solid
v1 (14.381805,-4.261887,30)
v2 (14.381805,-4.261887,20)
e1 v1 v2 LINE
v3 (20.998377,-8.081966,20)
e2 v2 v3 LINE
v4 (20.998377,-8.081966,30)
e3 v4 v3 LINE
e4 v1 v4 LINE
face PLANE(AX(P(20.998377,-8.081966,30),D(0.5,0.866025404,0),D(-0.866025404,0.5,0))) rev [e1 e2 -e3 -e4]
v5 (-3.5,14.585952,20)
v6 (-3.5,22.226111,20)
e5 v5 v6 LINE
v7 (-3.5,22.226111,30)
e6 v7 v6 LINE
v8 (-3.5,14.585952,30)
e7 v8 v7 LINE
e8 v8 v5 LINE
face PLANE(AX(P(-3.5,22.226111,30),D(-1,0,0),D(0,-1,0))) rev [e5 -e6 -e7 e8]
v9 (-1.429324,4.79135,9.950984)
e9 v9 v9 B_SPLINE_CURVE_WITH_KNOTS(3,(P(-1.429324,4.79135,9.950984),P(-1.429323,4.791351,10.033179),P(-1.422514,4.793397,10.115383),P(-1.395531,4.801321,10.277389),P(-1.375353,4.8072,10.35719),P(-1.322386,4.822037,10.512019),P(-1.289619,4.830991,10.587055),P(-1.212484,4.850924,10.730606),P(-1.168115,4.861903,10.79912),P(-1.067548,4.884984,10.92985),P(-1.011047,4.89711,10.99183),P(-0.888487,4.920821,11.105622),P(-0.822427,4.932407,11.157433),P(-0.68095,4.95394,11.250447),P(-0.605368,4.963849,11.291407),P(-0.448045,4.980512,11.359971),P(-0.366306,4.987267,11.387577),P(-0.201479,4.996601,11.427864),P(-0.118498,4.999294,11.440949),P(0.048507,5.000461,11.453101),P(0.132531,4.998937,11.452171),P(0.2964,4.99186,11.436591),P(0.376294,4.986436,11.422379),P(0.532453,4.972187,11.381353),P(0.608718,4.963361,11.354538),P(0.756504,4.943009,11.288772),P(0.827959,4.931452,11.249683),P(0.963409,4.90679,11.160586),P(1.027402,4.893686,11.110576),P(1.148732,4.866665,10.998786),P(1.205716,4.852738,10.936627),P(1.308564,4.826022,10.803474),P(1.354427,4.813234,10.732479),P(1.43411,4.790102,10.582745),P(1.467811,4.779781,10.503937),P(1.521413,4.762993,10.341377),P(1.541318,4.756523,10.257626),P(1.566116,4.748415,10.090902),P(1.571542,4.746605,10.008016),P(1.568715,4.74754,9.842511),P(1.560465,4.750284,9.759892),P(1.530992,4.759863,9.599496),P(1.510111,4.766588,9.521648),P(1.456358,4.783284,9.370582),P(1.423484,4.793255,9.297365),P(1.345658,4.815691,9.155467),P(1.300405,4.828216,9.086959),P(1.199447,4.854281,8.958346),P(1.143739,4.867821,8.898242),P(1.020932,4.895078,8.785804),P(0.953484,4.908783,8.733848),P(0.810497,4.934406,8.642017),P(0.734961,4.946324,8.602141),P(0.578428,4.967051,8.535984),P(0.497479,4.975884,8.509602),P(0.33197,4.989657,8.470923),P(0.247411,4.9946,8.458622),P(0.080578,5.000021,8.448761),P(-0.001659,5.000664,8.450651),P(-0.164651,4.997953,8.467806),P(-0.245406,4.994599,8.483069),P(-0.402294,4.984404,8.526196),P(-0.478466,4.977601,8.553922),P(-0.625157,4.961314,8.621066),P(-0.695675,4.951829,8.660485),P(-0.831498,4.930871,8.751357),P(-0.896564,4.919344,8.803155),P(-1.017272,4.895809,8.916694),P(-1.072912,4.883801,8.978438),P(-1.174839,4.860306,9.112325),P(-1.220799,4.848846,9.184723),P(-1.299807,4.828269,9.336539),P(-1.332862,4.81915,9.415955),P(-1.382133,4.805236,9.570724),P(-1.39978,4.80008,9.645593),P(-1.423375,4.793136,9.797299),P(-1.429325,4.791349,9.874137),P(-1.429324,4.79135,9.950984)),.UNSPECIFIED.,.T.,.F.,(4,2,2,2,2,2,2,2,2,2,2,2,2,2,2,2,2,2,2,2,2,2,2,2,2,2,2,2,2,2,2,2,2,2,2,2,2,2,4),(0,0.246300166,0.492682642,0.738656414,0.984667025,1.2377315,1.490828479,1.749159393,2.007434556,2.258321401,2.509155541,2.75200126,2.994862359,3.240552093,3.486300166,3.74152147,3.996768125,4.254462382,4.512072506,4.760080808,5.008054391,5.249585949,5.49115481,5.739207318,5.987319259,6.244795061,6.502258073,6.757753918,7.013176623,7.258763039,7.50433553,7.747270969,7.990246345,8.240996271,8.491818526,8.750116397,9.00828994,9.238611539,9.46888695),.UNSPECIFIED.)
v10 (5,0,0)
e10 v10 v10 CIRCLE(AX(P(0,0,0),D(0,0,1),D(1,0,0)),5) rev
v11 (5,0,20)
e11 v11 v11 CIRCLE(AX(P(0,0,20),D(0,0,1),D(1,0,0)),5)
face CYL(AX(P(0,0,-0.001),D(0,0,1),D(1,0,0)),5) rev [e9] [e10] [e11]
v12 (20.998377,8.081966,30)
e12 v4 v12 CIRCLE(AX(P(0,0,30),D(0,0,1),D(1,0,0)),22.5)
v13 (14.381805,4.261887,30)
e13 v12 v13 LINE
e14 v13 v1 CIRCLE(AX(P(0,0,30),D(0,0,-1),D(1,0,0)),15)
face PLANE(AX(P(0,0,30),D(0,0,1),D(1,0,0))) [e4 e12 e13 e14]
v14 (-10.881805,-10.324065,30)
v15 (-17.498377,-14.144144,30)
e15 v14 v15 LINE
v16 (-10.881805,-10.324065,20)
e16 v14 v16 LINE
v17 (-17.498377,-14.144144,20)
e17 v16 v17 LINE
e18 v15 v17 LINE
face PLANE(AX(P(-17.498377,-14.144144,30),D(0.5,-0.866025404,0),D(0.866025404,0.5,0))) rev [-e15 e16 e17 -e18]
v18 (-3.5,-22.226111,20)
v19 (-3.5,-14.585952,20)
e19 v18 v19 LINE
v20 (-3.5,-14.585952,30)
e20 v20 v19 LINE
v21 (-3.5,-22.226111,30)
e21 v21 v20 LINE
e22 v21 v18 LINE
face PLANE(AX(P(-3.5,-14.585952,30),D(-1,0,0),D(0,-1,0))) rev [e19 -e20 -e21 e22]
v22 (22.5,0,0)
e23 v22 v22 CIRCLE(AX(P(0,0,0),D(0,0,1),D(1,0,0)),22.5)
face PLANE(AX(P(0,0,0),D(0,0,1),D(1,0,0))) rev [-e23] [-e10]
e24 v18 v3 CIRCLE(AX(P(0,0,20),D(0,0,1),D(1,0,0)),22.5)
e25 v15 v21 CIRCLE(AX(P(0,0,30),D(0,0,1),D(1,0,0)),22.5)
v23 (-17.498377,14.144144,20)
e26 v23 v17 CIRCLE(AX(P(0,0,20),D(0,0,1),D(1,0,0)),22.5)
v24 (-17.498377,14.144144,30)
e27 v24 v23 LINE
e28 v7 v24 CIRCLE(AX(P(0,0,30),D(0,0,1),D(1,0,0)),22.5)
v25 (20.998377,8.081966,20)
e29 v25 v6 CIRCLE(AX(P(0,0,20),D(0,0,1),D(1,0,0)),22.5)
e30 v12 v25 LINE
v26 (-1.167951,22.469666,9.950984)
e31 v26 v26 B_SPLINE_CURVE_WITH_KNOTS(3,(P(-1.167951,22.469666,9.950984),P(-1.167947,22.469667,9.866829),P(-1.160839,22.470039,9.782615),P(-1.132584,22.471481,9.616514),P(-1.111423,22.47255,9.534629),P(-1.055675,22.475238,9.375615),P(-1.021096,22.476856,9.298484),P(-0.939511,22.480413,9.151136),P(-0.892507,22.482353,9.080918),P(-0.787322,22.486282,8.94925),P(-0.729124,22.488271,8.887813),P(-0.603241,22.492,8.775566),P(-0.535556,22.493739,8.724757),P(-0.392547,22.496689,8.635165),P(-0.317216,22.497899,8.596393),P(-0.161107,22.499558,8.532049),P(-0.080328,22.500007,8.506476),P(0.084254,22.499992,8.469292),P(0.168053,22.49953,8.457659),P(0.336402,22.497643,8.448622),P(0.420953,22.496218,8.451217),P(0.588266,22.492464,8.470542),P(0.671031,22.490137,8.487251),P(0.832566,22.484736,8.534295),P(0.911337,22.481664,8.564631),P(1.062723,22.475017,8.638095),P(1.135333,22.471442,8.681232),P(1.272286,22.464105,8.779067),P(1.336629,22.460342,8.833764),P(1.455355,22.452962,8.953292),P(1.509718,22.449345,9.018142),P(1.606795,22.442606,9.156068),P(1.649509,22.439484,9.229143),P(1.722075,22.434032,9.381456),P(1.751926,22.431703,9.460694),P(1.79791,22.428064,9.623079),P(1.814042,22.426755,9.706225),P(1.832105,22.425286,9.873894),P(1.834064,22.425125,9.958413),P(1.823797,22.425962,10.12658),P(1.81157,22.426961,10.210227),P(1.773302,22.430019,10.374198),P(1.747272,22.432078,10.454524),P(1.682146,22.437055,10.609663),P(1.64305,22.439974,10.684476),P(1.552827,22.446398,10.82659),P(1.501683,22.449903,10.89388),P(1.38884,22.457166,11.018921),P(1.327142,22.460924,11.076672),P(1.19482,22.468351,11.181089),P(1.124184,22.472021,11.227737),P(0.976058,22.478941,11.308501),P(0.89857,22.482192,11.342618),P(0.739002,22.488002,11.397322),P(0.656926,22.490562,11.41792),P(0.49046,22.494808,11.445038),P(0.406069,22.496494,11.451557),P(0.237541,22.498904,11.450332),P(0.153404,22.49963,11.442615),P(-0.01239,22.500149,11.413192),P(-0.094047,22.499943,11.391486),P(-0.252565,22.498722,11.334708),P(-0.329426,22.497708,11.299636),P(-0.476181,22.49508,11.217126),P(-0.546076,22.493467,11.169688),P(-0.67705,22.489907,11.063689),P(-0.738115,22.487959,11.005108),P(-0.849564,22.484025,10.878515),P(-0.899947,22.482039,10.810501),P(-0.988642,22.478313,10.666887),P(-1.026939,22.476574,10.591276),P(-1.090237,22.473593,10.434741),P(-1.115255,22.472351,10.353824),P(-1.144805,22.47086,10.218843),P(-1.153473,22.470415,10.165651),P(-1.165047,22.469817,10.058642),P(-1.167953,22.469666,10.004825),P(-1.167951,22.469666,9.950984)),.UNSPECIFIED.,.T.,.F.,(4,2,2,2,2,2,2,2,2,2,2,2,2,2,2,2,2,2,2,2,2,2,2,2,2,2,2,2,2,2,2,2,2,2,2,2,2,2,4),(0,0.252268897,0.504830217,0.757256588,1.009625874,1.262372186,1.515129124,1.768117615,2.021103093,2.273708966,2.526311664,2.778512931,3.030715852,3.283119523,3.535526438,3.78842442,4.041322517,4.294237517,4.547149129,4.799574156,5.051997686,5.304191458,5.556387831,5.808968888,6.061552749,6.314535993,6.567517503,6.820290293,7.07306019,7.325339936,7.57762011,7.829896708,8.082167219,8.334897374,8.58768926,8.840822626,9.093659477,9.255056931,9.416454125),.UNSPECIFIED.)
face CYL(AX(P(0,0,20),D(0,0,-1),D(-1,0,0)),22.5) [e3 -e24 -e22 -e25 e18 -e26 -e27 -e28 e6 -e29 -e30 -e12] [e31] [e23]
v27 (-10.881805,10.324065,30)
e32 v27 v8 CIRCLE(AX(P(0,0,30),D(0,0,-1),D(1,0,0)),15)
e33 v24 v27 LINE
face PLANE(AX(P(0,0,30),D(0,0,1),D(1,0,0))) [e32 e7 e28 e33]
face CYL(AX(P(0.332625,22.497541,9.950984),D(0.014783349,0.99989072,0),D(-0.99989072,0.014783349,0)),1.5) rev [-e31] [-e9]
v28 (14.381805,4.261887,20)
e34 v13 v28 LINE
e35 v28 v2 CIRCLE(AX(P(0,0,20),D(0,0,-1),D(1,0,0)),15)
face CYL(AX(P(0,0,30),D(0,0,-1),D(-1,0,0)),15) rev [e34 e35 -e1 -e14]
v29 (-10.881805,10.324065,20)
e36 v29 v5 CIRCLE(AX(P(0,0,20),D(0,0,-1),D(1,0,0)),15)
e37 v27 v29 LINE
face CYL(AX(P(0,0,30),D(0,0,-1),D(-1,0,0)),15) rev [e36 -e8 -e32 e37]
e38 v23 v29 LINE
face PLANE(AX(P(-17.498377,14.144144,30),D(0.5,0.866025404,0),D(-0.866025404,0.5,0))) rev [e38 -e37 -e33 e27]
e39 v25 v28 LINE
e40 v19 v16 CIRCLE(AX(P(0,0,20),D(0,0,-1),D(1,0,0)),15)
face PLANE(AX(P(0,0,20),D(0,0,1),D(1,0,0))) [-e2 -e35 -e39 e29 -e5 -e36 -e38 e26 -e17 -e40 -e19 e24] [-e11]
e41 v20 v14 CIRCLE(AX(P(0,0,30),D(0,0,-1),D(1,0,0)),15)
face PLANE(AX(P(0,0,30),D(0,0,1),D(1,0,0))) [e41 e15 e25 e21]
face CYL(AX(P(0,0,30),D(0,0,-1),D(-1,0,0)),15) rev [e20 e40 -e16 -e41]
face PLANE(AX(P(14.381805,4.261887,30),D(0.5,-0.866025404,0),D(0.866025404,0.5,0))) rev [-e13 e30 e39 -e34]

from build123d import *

# Parameters (mm, degrees)
SKETCH1_R                 = 22.5
BOSS_EXTRUDE1_DEPTH       = 20
CUT_EXTRUDE1_REACH        = 22
SKETCH3_R                 = 5
F_3_0MM_DOWEL_HOLE1_D     = 3
F_3_0MM_DOWEL_HOLE1_DEPTH = 22
F_3_0MM_DOWEL_HOLE1_TIP   = 0.901291
BOSS_EXTRUDE3_DEPTH       = 10


with BuildPart() as part:
    # Sketch1 → Boss-Extrude1 (new body)
    with BuildSketch(Plane.XY):
        Circle(SKETCH1_R)
    extrude(amount=BOSS_EXTRUDE1_DEPTH)

    # Sketch3 → Cut-Extrude1 (cut, up to next)
    with BuildSketch(Plane.XY.offset(20), mode=Mode.PRIVATE) as cut_extrude1_sk1:
        Circle(SKETCH3_R)
    cut_extrude1_tool1 = extrude(cut_extrude1_sk1.sketch, amount=-CUT_EXTRUDE1_REACH, mode=Mode.PRIVATE) & part.part
    add(cut_extrude1_tool1.solids().sort_by_distance((0, 0, 20))[0], mode=Mode.SUBTRACT)

    # Ø3.0mm Dowel Hole1
    with Locations(Plane(origin=(0.332625, 22.497541, 9.950984), x_dir=(0.999891, -0.014783, 0), z_dir=(0.014783, 0.999891, 0))):
        with Locations((0, 0)):
            Hole(F_3_0MM_DOWEL_HOLE1_D / 2, depth=F_3_0MM_DOWEL_HOLE1_DEPTH)
            with Locations((0, 0, -(F_3_0MM_DOWEL_HOLE1_DEPTH + F_3_0MM_DOWEL_HOLE1_TIP / 2))):  # 118° drill point
                Cone(0, F_3_0MM_DOWEL_HOLE1_D / 2, F_3_0MM_DOWEL_HOLE1_TIP, mode=Mode.SUBTRACT)

    # Sketch6 → Boss-Extrude3 (add)
    with BuildSketch(Plane.XY.offset(20)):
        with BuildLine():
            Line((-17.498377, 14.144144), (-10.881805, 10.324065))
            ThreePointArc((-10.881805, 10.324065), (-7.5, 12.990381), (-3.5, 14.585952))
            Line((-3.5, 14.585952), (-3.5, 22.226111))
            ThreePointArc((-3.5, 22.226111), (-11.25, 19.485572), (-17.498377, 14.144144))
        make_face()
        with BuildLine():
            Line((14.381805, 4.261887), (20.998377, 8.081966))
            ThreePointArc((20.998377, 8.081966), (22.5, 0), (20.998377, -8.081966))
            Line((20.998377, -8.081966), (14.381805, -4.261887))
            ThreePointArc((14.381805, -4.261887), (15, 0), (14.381805, 4.261887))
        make_face()
        with BuildLine():
            Line((-3.5, -14.585952), (-3.5, -22.226111))
            ThreePointArc((-3.5, -22.226111), (-11.25, -19.485572), (-17.498377, -14.144144))
            Line((-17.498377, -14.144144), (-10.881805, -10.324065))
            ThreePointArc((-10.881805, -10.324065), (-7.5, -12.990381), (-3.5, -14.585952))
        make_face()
    extrude(amount=BOSS_EXTRUDE3_DEPTH)


solid = part.part
